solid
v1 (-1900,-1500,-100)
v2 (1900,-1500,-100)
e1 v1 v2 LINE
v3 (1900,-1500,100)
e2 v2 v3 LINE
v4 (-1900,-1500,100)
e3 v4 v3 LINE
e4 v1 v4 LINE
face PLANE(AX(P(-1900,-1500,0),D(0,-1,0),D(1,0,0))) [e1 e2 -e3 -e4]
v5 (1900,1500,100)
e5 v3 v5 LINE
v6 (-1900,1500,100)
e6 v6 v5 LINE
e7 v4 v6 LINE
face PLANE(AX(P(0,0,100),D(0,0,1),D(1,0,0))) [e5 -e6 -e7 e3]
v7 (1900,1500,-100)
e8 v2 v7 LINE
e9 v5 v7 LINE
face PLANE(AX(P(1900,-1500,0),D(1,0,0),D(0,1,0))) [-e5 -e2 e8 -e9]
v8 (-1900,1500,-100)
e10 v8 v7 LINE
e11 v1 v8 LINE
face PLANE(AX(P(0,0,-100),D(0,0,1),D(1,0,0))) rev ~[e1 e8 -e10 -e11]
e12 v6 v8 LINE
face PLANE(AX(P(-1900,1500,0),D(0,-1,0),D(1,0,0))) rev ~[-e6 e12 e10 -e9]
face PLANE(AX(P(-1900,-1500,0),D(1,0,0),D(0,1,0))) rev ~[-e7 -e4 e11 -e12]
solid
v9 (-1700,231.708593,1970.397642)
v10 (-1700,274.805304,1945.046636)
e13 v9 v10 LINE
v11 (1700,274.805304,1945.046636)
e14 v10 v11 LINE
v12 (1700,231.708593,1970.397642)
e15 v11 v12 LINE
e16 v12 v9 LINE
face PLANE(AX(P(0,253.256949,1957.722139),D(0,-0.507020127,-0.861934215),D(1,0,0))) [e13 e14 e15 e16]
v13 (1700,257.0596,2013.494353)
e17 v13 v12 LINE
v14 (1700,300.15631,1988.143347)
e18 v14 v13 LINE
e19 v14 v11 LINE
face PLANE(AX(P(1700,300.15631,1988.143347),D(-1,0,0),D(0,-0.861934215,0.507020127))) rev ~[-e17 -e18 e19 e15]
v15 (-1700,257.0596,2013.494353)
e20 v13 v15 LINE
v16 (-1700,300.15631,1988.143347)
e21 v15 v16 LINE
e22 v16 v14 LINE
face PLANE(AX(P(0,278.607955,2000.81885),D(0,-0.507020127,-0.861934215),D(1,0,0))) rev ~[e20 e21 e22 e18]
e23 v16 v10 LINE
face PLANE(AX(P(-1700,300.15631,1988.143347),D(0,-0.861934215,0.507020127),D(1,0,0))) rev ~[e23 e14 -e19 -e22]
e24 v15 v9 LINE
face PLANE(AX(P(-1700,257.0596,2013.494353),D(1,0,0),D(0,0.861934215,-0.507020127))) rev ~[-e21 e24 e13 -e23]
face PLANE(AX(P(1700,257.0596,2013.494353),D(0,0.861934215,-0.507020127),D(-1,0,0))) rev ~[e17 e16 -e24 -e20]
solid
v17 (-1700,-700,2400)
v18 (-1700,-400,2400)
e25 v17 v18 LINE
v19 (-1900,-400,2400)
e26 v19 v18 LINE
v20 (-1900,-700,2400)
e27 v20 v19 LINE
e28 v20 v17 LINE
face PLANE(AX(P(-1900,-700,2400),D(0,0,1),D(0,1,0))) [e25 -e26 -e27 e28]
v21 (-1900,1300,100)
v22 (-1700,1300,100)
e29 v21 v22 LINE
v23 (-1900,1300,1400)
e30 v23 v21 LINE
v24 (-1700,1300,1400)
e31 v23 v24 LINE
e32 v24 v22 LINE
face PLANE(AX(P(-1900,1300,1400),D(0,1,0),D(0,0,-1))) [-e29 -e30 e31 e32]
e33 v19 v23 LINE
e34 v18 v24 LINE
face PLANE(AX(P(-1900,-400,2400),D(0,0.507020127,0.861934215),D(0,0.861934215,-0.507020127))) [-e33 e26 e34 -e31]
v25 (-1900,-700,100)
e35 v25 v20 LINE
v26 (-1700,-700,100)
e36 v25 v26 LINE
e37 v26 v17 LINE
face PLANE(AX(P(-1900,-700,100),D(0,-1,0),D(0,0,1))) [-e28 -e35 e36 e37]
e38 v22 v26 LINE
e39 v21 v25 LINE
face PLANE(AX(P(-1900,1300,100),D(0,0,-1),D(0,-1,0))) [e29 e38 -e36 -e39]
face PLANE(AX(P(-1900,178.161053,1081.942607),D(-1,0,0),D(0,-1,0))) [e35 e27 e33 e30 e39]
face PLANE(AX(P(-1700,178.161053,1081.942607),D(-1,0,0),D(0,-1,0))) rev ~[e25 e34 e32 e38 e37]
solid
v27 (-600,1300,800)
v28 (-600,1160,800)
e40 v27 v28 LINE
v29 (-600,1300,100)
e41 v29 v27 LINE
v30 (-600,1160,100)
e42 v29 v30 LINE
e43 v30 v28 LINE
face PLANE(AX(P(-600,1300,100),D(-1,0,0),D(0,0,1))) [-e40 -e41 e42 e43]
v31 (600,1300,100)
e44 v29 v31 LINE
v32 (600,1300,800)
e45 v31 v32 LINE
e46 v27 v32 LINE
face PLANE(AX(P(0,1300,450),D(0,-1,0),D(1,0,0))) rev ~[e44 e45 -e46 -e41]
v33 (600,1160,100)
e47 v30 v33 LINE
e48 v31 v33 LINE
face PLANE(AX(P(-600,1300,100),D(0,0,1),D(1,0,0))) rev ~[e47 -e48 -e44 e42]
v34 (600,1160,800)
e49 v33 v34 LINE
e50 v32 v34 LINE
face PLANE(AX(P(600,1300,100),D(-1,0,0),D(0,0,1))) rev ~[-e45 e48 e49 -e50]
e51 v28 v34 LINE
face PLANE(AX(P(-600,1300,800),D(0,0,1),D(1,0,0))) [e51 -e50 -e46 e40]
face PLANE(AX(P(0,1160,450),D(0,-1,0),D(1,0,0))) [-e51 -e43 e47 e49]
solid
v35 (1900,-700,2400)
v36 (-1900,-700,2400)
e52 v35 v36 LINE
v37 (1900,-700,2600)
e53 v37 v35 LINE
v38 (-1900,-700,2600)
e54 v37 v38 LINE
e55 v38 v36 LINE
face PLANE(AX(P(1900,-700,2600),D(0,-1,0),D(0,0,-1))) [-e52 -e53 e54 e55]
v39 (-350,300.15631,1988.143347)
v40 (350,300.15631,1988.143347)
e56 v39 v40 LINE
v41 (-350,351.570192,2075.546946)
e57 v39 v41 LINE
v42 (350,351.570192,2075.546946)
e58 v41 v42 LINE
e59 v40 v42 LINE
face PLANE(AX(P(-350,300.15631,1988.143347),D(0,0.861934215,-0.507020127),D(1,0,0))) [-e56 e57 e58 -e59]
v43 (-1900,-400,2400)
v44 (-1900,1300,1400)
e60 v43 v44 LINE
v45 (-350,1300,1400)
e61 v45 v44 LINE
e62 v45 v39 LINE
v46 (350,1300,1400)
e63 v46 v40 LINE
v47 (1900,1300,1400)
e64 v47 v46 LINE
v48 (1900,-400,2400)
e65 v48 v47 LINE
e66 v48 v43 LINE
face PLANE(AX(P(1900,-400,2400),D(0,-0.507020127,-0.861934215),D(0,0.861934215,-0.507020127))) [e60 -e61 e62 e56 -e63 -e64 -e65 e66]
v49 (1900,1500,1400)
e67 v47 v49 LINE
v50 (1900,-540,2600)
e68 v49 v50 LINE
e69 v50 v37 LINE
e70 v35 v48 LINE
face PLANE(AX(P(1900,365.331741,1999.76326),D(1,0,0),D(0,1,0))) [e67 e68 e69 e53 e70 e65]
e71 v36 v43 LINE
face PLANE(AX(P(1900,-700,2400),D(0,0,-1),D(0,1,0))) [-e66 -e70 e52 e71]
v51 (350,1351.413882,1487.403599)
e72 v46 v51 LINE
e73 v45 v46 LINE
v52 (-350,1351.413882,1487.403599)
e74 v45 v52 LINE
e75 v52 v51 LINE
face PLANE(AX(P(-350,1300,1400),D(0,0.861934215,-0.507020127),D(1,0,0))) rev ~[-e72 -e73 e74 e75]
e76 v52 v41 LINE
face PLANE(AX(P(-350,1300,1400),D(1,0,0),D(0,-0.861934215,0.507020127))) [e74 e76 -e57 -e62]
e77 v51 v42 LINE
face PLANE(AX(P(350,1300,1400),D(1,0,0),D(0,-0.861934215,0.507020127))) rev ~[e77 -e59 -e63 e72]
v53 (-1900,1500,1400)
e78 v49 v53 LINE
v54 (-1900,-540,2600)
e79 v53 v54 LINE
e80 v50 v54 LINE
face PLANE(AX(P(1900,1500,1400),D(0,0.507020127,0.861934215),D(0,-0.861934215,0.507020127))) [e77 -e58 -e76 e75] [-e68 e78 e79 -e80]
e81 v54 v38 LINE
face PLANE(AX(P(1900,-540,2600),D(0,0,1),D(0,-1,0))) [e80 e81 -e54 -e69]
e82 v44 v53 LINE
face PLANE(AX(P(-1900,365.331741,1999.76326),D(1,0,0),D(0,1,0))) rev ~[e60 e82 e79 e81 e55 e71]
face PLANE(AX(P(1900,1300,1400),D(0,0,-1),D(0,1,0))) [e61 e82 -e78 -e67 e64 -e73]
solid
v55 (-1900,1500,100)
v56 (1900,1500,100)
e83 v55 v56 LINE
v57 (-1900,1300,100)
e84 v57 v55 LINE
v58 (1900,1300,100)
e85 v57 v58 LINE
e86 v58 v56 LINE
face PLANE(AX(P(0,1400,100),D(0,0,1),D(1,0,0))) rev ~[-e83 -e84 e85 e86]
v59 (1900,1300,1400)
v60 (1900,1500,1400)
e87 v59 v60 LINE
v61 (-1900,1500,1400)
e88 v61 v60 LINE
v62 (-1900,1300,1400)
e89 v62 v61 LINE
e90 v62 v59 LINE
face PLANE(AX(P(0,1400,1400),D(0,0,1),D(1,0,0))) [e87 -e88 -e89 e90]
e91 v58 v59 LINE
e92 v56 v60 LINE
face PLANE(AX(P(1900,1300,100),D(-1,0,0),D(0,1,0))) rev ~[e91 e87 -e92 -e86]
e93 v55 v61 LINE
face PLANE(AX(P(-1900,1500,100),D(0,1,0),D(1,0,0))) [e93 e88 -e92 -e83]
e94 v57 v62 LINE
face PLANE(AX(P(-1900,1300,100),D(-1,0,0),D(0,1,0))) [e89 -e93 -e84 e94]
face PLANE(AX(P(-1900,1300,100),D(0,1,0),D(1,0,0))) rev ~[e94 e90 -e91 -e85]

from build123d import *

# Parameters (mm, degrees)
F0_W      = 3800
F0_H      = 3000
F1_DEPTH  = 100
F2_W      = 3800
F2_H      = 200
F3_DEPTH  = 1300
F5_DEPTH  = 200
F7_DEPTH  = 3800
F8_W      = 700
F8_H      = 1160
F9_DEPTH  = 101.4040253127
F10_W     = 1200
F10_H     = 700
F11_DEPTH = 140
F12_DEPTH = 50


with BuildPart() as f1:
    # F0 (on Top) → F1 (new body, symmetric)
    with BuildSketch(Plane.XY):
        Rectangle(F0_W, F0_H)
    extrude(amount=F1_DEPTH, both=True)


with BuildPart() as f3:
    # F2 (on face) → F3 (new body)
    with BuildSketch(Plane.XY.offset(100)):
        with Locations((0, 1400)):
            Rectangle(F2_W, F2_H)
    extrude(amount=F3_DEPTH)


with BuildPart() as f5:
    # F4 (on face) → F5 (new body)
    with BuildSketch(Plane(origin=(-1900, 0, 0), x_dir=(0, -1, 0), z_dir=(-1, 0, 0))):
        Polygon((400, 2400), (-1300, 1400), (-1300, 100), (700, 100), (700, 2400), align=None)
    extrude(amount=-F5_DEPTH)


with BuildPart() as f7:
    # F6 (on face) → F7 (new body, through all)
    with BuildSketch(Plane.YZ.offset(1900)):
        Polygon((-700, 2600), (-700, 2400), (-400, 2400), (1300, 1400), (1500, 1400), (-540, 2600), align=None)
    extrude(amount=-F7_DEPTH)

    # F8 (on face) → F9 (cut, through all)
    with BuildSketch(Plane(origin=(0, 946.0154241645, 1608.2262210797), x_dir=(1, 0, 0), z_dir=(0, -0.5070201266, -0.8619342152))):
        with Locations((0, 169.3136974837)):
            Rectangle(F8_W, F8_H)
    extrude(amount=-F9_DEPTH, mode=Mode.SUBTRACT)


with BuildPart() as f11:
    # F10 (on face) → F11 (new body)
    with BuildSketch(Plane.XZ.offset(-1300)):
        with Locations((0, 450)):
            Rectangle(F10_W, F10_H)
    extrude(amount=F11_DEPTH)


with BuildPart() as f12:
    # F8 (on face) → F12 (new body)
    with BuildSketch(Plane(origin=(0, 946.0154241645, 1608.2262210797), x_dir=(1, 0, 0), z_dir=(0, -0.5070201266, -0.8619342152))):
        Polygon((-1700, 749.3136974837), (-350, 749.3136974837), (350, 749.3136974837), (1700, 749.3136974837), (1700, 799.3136974837), (-1700, 799.3136974837), align=None)
    extrude(amount=F12_DEPTH)


solid = Compound([f1.part, f3.part, f5.part, f7.part, f11.part, f12.part])
